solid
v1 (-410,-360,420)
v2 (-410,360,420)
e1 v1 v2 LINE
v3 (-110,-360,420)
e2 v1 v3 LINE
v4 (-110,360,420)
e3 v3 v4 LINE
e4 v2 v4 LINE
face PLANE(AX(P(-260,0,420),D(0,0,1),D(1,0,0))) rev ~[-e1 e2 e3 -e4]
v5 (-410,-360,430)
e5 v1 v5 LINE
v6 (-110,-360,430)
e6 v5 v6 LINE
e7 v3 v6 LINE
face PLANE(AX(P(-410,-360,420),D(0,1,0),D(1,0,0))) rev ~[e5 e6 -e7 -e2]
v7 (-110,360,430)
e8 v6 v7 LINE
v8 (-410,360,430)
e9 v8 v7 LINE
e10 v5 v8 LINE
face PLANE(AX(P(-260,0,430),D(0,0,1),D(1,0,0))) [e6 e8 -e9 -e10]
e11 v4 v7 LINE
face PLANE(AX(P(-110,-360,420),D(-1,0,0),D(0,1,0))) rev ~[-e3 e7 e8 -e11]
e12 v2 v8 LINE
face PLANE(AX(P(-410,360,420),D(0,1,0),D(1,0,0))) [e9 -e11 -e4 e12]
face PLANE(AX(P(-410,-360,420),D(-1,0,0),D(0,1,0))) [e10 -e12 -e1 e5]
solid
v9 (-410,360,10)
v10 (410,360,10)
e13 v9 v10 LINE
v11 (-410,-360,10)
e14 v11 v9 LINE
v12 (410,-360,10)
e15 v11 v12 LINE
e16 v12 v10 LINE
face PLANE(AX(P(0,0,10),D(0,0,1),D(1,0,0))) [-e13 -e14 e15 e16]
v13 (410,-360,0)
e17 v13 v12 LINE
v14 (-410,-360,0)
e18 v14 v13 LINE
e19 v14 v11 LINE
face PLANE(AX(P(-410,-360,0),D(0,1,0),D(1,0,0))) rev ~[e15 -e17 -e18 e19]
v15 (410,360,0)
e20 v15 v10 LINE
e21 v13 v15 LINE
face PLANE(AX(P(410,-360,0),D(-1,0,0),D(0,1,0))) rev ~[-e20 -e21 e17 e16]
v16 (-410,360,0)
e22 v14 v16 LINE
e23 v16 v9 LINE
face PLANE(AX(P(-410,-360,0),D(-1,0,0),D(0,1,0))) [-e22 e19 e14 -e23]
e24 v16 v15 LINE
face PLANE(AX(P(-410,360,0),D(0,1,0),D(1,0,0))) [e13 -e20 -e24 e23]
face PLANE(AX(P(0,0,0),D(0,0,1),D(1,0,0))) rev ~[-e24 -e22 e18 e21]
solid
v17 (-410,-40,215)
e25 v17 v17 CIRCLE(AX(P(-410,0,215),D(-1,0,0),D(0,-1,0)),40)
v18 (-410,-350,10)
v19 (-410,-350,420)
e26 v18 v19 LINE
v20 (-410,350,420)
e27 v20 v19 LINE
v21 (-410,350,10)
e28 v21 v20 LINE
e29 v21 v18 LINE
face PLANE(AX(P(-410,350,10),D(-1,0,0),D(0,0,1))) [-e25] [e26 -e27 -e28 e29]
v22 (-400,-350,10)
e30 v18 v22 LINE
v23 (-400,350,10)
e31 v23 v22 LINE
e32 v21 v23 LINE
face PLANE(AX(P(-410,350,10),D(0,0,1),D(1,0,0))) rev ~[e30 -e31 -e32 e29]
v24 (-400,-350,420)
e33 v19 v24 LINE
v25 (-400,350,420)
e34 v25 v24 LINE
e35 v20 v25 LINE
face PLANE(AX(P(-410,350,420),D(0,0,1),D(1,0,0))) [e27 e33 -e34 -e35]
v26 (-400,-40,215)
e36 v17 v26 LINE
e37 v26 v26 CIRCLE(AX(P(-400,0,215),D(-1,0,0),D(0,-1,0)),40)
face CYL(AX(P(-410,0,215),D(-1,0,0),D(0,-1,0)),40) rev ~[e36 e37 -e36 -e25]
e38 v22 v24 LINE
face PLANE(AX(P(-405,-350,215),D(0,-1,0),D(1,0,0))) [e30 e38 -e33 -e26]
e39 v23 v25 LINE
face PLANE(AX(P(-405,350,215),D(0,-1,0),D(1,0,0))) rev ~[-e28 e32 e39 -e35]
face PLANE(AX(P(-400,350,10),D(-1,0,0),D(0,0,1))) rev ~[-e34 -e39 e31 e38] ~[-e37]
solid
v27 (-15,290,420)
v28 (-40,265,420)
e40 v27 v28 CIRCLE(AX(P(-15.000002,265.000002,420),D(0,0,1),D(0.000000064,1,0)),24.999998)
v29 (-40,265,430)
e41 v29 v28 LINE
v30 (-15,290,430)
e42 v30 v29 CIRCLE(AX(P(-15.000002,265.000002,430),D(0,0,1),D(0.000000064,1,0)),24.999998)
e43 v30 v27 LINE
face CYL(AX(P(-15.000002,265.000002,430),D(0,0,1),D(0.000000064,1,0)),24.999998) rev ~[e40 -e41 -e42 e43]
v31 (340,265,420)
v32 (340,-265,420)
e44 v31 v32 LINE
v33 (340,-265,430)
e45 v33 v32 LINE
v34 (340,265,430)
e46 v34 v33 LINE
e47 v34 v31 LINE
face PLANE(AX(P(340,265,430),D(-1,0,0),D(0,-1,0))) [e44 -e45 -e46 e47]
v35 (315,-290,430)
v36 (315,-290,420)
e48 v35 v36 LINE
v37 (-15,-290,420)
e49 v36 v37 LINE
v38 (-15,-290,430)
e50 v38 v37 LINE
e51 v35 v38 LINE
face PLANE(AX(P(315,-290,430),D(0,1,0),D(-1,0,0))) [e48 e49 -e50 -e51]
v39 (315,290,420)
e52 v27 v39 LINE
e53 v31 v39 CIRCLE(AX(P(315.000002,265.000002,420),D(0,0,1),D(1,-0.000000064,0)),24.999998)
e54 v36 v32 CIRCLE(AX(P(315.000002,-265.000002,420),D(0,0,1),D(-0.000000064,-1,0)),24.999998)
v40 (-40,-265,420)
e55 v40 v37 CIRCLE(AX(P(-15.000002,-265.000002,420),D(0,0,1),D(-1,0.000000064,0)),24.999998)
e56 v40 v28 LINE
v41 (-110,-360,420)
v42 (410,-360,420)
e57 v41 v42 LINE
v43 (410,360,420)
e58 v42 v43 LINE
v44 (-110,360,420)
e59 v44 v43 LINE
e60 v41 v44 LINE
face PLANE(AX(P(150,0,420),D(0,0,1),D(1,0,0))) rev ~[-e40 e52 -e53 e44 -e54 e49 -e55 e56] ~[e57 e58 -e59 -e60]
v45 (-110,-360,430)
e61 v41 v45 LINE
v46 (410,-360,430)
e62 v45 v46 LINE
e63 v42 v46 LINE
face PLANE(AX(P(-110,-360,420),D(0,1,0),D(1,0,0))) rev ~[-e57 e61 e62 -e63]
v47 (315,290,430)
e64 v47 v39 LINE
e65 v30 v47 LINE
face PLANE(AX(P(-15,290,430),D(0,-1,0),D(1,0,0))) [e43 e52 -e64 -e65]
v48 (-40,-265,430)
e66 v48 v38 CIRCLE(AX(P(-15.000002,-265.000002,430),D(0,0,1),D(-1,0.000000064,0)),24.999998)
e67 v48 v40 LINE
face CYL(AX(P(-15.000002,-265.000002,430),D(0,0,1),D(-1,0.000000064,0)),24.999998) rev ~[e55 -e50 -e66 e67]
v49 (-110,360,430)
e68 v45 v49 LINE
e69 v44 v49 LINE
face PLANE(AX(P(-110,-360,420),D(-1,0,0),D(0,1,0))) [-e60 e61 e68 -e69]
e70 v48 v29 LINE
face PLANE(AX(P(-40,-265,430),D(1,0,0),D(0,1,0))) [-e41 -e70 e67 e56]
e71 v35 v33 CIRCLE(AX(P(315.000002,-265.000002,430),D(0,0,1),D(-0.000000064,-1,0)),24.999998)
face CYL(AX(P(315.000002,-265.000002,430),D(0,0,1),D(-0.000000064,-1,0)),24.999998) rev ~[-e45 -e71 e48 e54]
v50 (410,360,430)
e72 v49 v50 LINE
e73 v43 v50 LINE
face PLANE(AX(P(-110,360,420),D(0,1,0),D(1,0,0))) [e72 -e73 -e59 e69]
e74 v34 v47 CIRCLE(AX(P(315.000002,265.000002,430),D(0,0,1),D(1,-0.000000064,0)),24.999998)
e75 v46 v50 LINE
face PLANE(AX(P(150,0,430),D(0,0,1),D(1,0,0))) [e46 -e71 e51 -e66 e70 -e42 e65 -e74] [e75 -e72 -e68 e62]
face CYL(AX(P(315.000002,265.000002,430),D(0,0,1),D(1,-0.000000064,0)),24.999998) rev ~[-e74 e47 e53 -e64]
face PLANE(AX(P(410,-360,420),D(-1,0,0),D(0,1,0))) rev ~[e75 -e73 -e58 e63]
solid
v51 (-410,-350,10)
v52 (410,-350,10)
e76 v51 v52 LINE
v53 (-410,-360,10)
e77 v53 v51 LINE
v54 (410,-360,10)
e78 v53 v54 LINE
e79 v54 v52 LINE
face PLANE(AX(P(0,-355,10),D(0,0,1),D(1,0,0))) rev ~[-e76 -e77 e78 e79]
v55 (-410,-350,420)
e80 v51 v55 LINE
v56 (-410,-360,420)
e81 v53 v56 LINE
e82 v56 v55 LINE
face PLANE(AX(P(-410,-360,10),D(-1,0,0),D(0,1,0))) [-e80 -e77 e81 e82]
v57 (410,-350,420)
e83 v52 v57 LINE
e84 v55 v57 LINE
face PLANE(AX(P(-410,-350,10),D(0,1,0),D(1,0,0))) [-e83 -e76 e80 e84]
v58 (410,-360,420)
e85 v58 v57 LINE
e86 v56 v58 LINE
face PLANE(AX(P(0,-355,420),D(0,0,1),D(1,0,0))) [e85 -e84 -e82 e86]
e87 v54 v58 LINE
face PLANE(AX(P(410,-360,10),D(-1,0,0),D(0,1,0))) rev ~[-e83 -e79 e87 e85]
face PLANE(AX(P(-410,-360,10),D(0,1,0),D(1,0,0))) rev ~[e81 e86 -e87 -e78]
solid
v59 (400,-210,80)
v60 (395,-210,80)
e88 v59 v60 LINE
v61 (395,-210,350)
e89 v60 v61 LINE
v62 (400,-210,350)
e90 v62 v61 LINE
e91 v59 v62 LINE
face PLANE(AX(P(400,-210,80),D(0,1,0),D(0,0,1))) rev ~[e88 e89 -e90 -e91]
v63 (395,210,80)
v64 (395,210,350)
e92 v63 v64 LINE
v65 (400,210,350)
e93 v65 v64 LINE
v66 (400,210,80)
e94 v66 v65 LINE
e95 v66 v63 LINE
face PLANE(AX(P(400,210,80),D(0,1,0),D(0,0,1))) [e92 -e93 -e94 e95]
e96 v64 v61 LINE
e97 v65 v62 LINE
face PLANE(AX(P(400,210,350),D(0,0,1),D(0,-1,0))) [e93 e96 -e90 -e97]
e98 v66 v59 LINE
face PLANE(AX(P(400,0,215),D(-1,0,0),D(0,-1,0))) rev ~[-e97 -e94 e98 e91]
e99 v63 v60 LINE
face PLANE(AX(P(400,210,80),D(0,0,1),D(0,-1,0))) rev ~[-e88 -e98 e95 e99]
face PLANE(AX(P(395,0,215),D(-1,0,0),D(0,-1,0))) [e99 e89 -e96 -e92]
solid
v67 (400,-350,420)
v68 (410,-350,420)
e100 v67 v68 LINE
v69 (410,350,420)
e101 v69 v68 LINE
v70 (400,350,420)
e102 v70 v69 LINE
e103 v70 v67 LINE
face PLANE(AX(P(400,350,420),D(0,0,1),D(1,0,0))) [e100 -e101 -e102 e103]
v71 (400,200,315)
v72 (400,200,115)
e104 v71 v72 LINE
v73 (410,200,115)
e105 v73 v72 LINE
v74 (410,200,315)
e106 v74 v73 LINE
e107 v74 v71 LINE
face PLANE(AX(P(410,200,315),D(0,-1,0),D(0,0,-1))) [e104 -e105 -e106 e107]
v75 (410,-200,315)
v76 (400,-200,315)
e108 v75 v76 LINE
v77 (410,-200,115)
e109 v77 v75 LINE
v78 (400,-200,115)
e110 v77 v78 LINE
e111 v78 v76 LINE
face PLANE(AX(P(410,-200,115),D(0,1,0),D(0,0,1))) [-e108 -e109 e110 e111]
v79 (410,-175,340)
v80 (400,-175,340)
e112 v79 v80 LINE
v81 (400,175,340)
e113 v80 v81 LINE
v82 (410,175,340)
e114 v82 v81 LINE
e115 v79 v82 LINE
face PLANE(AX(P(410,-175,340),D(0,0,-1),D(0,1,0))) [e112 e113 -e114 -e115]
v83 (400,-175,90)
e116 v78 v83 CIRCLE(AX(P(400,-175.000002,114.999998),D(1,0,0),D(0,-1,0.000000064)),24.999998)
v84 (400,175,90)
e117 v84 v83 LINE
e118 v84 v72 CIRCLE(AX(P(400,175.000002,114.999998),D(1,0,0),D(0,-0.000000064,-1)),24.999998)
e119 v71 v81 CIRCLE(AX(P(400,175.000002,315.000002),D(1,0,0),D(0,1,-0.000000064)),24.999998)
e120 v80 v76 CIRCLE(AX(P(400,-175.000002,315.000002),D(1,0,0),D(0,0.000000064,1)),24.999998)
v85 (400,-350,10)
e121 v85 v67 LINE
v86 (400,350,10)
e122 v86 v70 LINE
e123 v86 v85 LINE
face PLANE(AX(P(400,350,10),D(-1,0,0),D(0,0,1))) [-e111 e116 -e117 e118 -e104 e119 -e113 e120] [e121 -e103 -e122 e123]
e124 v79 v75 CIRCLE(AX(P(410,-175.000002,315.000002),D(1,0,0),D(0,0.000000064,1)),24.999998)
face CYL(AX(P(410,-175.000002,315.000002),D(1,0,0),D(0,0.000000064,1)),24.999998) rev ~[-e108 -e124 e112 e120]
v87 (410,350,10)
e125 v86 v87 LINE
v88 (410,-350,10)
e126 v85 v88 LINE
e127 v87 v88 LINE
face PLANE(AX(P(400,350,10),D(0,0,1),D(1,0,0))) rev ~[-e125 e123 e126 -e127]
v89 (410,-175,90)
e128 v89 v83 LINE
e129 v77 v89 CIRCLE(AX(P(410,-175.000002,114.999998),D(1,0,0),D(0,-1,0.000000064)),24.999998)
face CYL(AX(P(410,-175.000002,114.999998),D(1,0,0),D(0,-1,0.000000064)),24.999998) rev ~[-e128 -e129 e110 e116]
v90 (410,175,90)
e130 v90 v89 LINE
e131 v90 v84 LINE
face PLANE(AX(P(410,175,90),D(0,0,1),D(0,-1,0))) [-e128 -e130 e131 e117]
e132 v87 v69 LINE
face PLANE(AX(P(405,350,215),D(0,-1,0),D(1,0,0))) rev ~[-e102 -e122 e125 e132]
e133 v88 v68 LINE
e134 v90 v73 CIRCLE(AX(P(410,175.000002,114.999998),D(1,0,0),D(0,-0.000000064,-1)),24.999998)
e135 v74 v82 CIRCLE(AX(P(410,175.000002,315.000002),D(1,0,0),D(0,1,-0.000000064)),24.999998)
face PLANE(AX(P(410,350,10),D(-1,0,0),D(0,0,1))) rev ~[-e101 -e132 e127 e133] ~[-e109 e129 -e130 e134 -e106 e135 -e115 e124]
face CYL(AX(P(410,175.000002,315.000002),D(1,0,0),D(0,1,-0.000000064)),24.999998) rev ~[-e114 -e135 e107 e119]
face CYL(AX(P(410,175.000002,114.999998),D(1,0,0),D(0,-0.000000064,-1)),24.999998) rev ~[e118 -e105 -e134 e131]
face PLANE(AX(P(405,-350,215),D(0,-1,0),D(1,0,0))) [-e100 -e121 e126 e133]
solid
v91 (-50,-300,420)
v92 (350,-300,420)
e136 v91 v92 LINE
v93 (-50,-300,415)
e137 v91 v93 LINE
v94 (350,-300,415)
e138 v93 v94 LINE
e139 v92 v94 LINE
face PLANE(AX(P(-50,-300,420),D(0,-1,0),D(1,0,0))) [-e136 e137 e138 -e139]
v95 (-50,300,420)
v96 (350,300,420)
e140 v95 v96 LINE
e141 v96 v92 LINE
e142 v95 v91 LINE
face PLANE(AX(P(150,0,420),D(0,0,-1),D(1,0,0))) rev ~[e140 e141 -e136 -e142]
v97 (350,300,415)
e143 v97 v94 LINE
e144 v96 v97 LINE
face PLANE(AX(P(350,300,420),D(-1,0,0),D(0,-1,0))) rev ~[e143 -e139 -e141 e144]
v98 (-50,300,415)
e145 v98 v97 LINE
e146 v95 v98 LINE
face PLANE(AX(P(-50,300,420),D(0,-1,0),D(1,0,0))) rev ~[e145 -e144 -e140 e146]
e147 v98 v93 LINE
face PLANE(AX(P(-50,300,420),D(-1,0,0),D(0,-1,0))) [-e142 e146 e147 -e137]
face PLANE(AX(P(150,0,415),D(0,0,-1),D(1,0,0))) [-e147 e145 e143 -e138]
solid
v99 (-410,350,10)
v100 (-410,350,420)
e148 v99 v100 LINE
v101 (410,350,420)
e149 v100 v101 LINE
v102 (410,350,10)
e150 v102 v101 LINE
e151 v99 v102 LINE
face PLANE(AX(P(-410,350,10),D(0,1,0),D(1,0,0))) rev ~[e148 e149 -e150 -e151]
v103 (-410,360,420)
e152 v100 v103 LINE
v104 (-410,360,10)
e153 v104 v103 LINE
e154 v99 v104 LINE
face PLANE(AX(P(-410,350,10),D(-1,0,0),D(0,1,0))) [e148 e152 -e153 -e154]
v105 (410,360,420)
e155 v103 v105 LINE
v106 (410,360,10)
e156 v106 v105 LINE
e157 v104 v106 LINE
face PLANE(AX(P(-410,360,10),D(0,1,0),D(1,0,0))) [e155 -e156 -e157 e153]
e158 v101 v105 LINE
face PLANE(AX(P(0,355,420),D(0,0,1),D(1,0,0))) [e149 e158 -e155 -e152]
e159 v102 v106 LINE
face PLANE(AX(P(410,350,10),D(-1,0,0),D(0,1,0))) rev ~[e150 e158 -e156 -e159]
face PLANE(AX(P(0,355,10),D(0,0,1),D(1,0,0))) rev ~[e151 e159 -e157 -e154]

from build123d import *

# Parameters (mm, degrees)
SKETCH_W        = 820
SKETCH_H        = 720
PAD_DEPTH       = 10
SKETCH001_W     = 820
SKETCH001_H     = 10
PAD001_DEPTH    = 410
SKETCH002_W     = 820
SKETCH002_H     = 10
PAD002_DEPTH    = 410
SKETCH003_W     = 300
SKETCH003_H     = 720
PAD003_DEPTH    = 10
SKETCH004_W     = 520
SKETCH004_H     = 720
PAD004_DEPTH    = 10
POCKET_DEPTH    = 10
SKETCH005_W     = 10
SKETCH005_H     = 410
PAD005_DEPTH    = 700
POCKET001_DEPTH = 10
SKETCH006_W     = 10
SKETCH006_H     = 410
PAD006_DEPTH    = 700
SKETCH012_R     = 40
POCKET002_DEPTH = 10
SKETCH009_W     = 400
SKETCH009_H     = 600
PAD007_DEPTH    = 5
SKETCH010_W     = 420
SKETCH010_H     = 270
PAD008_DEPTH    = 5


with BuildPart() as bottom:
    # Sketch → Pad (new body)
    with BuildSketch(Plane.XY):
        Rectangle(SKETCH_W, SKETCH_H)
    extrude(amount=PAD_DEPTH)


with BuildPart() as right_side:
    # Sketch001 (on Face1 of CopyPad) → Pad001 (new body)
    with BuildSketch(Plane.XY.offset(10)):
        with Locations((0, 355)):
            Rectangle(SKETCH001_W, SKETCH001_H)
    extrude(amount=PAD001_DEPTH)


with BuildPart() as left_side:
    # Sketch002 (on Face1 of CopyPad001) → Pad002 (new body)
    with BuildSketch(Plane.XY.offset(10)):
        with Locations((0, -355)):
            Rectangle(SKETCH002_W, SKETCH002_H)
    extrude(amount=PAD002_DEPTH)


with BuildPart() as fixed_top_part:
    # Sketch003 (on Face1 of CopyPad002) → Pad003 (new body)
    with BuildSketch(Plane.XY.offset(420)):
        with Locations((-260, 0)):
            Rectangle(SKETCH003_W, SKETCH003_H)
    extrude(amount=PAD003_DEPTH)


with BuildPart() as top_door:
    # Sketch004 (on Face1 of CopyPad002001) → Pad004 (new body)
    with BuildSketch(Plane.XY.offset(420)):
        with Locations((150, 0)):
            Rectangle(SKETCH004_W, SKETCH004_H)
    extrude(amount=PAD004_DEPTH)

    # Sketch007 (on Face6 of Pad004) → Pocket (cut)
    with BuildSketch(Plane.XY.offset(430)):
        with BuildLine():
            Line((-15, 290), (315, 290))
            ThreePointArc((340, 265), (332.67767, 282.67767), (315, 290))
            Line((340, 265), (340, -265))
            ThreePointArc((315, -290), (332.67767, -282.67767), (340, -265))
            Line((315, -290), (-15, -290))
            ThreePointArc((-40, -265), (-32.67767, -282.67767), (-15, -290))
            Line((-40, -265), (-40, 265))
            ThreePointArc((-15, 290), (-32.67767, 282.67767), (-40, 265))
        make_face()
    extrude(amount=-POCKET_DEPTH, mode=Mode.SUBTRACT)


with BuildPart() as front_door:
    # Sketch005 (on Face1 of CopyPad001001) → Pad005 (new body)
    with BuildSketch(Plane(origin=(0, 350, 10), x_dir=(1, 0, 0), z_dir=(0, -1, 0))):
        with Locations((405, 205)):
            Rectangle(SKETCH005_W, SKETCH005_H)
    extrude(amount=PAD005_DEPTH)

    # Sketch008 (on Face4 of Pad005) → Pocket001 (cut)
    with BuildSketch(Plane(origin=(410, 0, 10), x_dir=(0, 1, 0), z_dir=(1, 0, 0))):
        with BuildLine():
            Line((-175, 330), (175, 330))
            ThreePointArc((200, 305), (192.67767, 322.67767), (175, 330))
            Line((200, 305), (200, 105))
            ThreePointArc((175, 80), (192.67767, 87.32233), (200, 105))
            Line((175, 80), (-175, 80))
            ThreePointArc((-200, 105), (-192.67767, 87.32233), (-175, 80))
            Line((-200, 105), (-200, 305))
            ThreePointArc((-175, 330), (-192.67767, 322.67767), (-200, 305))
        make_face()
    extrude(amount=-POCKET001_DEPTH, mode=Mode.SUBTRACT)


with BuildPart() as back_side:
    # Sketch006 (on Face1 of CopyPad001002) → Pad006 (new body)
    with BuildSketch(Plane(origin=(0, 350, 10), x_dir=(1, 0, 0), z_dir=(0, -1, 0))):
        with Locations((-405, 205)):
            Rectangle(SKETCH006_W, SKETCH006_H)
    extrude(amount=PAD006_DEPTH)

    # Sketch012 (on Face4 of Pad006) → Pocket002 (cut)
    with BuildSketch(Plane(origin=(-410, 0, 10), x_dir=(0, -1, 0), z_dir=(-1, 0, 0))):
        with Locations((0, 205)):
            Circle(SKETCH012_R)
    extrude(amount=-POCKET002_DEPTH, mode=Mode.SUBTRACT)


with BuildPart() as top_glass:
    # Sketch009 (on Face1 of CopyPocket) → Pad007 (new body)
    with BuildSketch(Plane(origin=(0, 0, 420), x_dir=(1, 0, 0), z_dir=(0, 0, -1))):
        with Locations((150, 0)):
            Rectangle(SKETCH009_W, SKETCH009_H)
    extrude(amount=PAD007_DEPTH)


with BuildPart() as front_glass:
    # Sketch010 (on Face1 of CopyPocket001) → Pad008 (new body)
    with BuildSketch(Plane(origin=(400, 0, 10), x_dir=(0, -1, 0), z_dir=(-1, 0, 0))):
        with Locations((0, 205)):
            Rectangle(SKETCH010_W, SKETCH010_H)
    extrude(amount=PAD008_DEPTH)


solid = Compound([bottom.part, right_side.part, left_side.part, fixed_top_part.part, top_door.part, front_door.part, back_side.part, top_glass.part, front_glass.part])
